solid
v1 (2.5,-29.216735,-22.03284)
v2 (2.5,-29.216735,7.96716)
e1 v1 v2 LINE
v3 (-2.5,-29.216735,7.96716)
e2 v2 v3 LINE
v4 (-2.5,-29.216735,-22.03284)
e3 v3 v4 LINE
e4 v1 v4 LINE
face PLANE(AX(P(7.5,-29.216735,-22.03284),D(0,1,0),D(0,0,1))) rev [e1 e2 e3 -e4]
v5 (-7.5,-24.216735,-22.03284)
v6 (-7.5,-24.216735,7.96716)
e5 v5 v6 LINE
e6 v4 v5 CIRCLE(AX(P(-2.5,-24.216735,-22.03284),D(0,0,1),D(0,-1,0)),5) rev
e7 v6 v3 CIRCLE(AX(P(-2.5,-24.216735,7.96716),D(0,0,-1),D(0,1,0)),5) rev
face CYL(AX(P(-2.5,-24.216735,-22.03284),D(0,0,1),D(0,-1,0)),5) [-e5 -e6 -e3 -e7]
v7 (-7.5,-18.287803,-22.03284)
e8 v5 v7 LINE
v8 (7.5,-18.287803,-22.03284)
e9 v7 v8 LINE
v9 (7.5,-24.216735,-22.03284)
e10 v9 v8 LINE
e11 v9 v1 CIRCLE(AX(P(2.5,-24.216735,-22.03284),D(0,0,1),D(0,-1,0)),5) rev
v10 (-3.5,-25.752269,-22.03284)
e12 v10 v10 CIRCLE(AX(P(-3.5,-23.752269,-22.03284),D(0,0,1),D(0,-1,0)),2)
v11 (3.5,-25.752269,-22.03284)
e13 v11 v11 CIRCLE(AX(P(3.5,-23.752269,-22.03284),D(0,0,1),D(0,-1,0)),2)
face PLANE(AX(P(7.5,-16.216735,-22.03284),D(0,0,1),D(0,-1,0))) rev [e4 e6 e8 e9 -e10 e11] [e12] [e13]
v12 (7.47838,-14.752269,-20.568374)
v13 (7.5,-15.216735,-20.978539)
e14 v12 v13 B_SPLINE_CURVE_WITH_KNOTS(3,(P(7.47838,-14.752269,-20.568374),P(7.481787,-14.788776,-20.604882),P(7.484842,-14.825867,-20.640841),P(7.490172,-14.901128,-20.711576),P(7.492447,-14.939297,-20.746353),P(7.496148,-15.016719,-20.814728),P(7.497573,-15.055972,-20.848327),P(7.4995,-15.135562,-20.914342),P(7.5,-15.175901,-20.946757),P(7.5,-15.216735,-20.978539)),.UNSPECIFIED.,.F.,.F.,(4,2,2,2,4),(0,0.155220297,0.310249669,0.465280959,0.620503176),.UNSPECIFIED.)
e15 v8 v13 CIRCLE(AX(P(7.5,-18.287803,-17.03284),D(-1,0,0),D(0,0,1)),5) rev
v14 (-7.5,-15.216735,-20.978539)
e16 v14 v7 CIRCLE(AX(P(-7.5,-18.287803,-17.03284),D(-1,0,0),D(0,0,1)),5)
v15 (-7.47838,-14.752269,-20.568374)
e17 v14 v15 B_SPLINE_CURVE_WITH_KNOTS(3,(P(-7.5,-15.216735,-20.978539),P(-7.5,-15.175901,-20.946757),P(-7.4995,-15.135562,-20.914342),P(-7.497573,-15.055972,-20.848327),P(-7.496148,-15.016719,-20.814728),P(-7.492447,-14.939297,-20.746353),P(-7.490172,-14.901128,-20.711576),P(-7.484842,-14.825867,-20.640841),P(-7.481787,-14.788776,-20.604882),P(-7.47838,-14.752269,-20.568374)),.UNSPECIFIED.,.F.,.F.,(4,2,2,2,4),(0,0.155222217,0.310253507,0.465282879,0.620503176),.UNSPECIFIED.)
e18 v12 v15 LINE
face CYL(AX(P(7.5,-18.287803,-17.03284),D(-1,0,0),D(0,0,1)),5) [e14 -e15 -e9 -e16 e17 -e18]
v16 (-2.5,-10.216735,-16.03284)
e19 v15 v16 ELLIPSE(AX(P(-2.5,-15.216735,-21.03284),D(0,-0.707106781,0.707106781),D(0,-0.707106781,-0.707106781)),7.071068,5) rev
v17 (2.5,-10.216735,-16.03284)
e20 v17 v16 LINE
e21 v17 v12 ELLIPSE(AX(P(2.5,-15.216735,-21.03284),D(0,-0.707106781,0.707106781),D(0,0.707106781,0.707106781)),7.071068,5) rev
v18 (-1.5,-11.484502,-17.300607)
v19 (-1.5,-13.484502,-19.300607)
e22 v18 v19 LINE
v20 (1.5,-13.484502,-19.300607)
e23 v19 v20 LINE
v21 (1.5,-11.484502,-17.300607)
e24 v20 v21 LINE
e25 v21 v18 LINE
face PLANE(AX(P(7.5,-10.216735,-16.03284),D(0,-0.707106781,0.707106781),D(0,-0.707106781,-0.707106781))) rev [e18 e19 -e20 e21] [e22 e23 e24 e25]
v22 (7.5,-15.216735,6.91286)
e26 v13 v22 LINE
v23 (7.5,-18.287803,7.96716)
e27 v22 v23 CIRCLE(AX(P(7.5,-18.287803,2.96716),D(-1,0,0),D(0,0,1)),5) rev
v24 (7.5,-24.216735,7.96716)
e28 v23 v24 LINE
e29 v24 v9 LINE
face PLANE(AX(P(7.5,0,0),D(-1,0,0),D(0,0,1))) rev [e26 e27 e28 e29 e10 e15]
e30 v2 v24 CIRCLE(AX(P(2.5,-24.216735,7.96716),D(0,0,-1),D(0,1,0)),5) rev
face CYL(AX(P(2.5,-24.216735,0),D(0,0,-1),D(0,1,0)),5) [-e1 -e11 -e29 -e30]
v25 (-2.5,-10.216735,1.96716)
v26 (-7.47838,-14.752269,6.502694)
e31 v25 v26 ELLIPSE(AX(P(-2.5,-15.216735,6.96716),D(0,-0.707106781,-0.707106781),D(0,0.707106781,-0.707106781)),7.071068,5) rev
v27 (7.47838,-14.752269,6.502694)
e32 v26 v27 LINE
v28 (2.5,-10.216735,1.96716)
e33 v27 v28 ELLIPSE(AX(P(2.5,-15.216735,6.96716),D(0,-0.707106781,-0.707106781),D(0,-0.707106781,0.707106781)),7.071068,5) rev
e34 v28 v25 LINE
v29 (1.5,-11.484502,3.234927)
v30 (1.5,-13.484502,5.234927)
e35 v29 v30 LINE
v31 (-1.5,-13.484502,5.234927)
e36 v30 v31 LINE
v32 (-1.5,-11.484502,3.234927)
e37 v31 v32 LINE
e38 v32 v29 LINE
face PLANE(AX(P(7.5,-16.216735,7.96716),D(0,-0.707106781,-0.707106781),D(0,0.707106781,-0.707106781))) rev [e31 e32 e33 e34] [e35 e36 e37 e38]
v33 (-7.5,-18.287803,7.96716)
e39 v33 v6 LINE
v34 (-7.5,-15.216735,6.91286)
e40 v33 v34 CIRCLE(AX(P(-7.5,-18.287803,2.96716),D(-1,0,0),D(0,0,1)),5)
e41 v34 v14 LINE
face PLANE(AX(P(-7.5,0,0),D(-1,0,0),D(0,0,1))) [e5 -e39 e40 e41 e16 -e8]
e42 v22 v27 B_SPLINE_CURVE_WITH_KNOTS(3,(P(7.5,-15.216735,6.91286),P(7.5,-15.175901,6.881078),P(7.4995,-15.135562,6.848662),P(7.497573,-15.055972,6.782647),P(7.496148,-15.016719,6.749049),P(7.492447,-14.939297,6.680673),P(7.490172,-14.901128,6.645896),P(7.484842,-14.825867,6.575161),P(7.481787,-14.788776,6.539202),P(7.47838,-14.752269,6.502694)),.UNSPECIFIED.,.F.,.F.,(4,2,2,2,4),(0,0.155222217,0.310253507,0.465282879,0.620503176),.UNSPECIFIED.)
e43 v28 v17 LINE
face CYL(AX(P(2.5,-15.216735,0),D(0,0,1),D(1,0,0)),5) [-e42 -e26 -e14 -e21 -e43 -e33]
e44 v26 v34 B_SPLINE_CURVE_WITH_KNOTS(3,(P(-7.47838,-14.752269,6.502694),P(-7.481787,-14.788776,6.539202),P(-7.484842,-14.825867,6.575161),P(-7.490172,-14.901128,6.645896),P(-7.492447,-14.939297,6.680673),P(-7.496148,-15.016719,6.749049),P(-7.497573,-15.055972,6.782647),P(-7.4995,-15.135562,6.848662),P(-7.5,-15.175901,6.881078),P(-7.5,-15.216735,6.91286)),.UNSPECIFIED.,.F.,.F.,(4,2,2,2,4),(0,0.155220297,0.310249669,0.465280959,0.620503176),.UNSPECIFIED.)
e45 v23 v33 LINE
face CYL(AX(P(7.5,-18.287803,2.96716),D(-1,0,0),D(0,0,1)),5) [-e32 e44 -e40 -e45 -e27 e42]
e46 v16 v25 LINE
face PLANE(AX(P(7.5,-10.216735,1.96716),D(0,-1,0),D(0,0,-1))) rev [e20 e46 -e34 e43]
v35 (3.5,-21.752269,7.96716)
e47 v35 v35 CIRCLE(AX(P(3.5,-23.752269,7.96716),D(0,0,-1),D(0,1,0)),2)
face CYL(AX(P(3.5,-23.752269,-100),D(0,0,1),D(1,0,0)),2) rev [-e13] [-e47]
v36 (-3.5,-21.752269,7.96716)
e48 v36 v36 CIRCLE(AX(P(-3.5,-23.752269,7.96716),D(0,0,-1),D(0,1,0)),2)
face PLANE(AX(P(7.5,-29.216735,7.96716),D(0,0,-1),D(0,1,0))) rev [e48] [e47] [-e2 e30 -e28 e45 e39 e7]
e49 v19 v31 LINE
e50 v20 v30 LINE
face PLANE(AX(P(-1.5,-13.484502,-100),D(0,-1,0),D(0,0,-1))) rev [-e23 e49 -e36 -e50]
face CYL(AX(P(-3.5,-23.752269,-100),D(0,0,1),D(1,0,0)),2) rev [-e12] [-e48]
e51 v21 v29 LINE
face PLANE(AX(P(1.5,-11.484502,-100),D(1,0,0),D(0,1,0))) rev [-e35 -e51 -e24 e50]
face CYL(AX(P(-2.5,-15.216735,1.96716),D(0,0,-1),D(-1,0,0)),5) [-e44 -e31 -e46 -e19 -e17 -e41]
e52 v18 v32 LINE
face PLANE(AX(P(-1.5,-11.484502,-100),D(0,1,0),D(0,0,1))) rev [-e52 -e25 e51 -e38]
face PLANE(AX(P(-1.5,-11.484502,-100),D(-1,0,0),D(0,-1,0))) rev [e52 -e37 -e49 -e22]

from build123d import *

# Parameters (mm, degrees)
BOSS_EXTRUDE2_DEPTH = 7.5
FILLET2_R           = 5
SKETCH4_R           = 2
SKETCH4_W           = 3
SKETCH4_H           = 2
CUT_EXTRUDE1_DEPTH  = 100
FILLET3_R           = 5
FILLET4_R           = 5


with BuildPart() as part:
    # Sketch2 → Boss-Extrude2 (new, symmetric)
    with BuildSketch(Plane(origin=(0, 0, 0), x_dir=(0, 0, -1), z_dir=(1, 0, 0))):
        Polygon((-7.967160281, -29.21673477), (-7.967160281, -16.21673477), (-1.967160281, -10.21673477), (16.032839719, -10.21673477), (22.032839719, -16.21673477), (22.032839719, -29.21673477), align=None)
    extrude(amount=BOSS_EXTRUDE2_DEPTH, both=True)

    # Fillet2
    fillet2_edges = [part.edges().sort_by_distance(p)[0] for p in [
        (0, -16.21673477, 7.967160281),
        (0, -16.21673477, -22.032839719),
    ]]
    fillet(fillet2_edges, radius=FILLET2_R)

    # Sketch4 → Cut-Extrude1 (cut, symmetric)
    with BuildSketch(Plane.XY):
        with Locations(Location((-3.5, -23.752268676, 0), (0, 0, 90))):
            Circle(SKETCH4_R)
        with Locations(Location((3.5, -23.752268676, 0), (0, 0, 90))):
            Circle(SKETCH4_R)
        with Locations((0, -12.484501723)):
            Rectangle(SKETCH4_W, SKETCH4_H)
    extrude(amount=CUT_EXTRUDE1_DEPTH, both=True, mode=Mode.SUBTRACT)

    # Fillet3
    fillet3_edges = [part.edges().sort_by_distance(p)[0] for p in [
        (7.5, -29.21673477, -7.032839719),
        (-7.5, -29.21673477, -7.032839719),
    ]]
    fillet(fillet3_edges, radius=FILLET3_R)

    # Fillet4
    fillet4_edges = [part.edges().sort_by_distance(p)[0] for p in [
        (7.5, -10.21673477, -7.032839719),
        (-7.5, -10.21673477, -7.032839719),
    ]]
    fillet(fillet4_edges, radius=FILLET4_R)


solid = part.part
